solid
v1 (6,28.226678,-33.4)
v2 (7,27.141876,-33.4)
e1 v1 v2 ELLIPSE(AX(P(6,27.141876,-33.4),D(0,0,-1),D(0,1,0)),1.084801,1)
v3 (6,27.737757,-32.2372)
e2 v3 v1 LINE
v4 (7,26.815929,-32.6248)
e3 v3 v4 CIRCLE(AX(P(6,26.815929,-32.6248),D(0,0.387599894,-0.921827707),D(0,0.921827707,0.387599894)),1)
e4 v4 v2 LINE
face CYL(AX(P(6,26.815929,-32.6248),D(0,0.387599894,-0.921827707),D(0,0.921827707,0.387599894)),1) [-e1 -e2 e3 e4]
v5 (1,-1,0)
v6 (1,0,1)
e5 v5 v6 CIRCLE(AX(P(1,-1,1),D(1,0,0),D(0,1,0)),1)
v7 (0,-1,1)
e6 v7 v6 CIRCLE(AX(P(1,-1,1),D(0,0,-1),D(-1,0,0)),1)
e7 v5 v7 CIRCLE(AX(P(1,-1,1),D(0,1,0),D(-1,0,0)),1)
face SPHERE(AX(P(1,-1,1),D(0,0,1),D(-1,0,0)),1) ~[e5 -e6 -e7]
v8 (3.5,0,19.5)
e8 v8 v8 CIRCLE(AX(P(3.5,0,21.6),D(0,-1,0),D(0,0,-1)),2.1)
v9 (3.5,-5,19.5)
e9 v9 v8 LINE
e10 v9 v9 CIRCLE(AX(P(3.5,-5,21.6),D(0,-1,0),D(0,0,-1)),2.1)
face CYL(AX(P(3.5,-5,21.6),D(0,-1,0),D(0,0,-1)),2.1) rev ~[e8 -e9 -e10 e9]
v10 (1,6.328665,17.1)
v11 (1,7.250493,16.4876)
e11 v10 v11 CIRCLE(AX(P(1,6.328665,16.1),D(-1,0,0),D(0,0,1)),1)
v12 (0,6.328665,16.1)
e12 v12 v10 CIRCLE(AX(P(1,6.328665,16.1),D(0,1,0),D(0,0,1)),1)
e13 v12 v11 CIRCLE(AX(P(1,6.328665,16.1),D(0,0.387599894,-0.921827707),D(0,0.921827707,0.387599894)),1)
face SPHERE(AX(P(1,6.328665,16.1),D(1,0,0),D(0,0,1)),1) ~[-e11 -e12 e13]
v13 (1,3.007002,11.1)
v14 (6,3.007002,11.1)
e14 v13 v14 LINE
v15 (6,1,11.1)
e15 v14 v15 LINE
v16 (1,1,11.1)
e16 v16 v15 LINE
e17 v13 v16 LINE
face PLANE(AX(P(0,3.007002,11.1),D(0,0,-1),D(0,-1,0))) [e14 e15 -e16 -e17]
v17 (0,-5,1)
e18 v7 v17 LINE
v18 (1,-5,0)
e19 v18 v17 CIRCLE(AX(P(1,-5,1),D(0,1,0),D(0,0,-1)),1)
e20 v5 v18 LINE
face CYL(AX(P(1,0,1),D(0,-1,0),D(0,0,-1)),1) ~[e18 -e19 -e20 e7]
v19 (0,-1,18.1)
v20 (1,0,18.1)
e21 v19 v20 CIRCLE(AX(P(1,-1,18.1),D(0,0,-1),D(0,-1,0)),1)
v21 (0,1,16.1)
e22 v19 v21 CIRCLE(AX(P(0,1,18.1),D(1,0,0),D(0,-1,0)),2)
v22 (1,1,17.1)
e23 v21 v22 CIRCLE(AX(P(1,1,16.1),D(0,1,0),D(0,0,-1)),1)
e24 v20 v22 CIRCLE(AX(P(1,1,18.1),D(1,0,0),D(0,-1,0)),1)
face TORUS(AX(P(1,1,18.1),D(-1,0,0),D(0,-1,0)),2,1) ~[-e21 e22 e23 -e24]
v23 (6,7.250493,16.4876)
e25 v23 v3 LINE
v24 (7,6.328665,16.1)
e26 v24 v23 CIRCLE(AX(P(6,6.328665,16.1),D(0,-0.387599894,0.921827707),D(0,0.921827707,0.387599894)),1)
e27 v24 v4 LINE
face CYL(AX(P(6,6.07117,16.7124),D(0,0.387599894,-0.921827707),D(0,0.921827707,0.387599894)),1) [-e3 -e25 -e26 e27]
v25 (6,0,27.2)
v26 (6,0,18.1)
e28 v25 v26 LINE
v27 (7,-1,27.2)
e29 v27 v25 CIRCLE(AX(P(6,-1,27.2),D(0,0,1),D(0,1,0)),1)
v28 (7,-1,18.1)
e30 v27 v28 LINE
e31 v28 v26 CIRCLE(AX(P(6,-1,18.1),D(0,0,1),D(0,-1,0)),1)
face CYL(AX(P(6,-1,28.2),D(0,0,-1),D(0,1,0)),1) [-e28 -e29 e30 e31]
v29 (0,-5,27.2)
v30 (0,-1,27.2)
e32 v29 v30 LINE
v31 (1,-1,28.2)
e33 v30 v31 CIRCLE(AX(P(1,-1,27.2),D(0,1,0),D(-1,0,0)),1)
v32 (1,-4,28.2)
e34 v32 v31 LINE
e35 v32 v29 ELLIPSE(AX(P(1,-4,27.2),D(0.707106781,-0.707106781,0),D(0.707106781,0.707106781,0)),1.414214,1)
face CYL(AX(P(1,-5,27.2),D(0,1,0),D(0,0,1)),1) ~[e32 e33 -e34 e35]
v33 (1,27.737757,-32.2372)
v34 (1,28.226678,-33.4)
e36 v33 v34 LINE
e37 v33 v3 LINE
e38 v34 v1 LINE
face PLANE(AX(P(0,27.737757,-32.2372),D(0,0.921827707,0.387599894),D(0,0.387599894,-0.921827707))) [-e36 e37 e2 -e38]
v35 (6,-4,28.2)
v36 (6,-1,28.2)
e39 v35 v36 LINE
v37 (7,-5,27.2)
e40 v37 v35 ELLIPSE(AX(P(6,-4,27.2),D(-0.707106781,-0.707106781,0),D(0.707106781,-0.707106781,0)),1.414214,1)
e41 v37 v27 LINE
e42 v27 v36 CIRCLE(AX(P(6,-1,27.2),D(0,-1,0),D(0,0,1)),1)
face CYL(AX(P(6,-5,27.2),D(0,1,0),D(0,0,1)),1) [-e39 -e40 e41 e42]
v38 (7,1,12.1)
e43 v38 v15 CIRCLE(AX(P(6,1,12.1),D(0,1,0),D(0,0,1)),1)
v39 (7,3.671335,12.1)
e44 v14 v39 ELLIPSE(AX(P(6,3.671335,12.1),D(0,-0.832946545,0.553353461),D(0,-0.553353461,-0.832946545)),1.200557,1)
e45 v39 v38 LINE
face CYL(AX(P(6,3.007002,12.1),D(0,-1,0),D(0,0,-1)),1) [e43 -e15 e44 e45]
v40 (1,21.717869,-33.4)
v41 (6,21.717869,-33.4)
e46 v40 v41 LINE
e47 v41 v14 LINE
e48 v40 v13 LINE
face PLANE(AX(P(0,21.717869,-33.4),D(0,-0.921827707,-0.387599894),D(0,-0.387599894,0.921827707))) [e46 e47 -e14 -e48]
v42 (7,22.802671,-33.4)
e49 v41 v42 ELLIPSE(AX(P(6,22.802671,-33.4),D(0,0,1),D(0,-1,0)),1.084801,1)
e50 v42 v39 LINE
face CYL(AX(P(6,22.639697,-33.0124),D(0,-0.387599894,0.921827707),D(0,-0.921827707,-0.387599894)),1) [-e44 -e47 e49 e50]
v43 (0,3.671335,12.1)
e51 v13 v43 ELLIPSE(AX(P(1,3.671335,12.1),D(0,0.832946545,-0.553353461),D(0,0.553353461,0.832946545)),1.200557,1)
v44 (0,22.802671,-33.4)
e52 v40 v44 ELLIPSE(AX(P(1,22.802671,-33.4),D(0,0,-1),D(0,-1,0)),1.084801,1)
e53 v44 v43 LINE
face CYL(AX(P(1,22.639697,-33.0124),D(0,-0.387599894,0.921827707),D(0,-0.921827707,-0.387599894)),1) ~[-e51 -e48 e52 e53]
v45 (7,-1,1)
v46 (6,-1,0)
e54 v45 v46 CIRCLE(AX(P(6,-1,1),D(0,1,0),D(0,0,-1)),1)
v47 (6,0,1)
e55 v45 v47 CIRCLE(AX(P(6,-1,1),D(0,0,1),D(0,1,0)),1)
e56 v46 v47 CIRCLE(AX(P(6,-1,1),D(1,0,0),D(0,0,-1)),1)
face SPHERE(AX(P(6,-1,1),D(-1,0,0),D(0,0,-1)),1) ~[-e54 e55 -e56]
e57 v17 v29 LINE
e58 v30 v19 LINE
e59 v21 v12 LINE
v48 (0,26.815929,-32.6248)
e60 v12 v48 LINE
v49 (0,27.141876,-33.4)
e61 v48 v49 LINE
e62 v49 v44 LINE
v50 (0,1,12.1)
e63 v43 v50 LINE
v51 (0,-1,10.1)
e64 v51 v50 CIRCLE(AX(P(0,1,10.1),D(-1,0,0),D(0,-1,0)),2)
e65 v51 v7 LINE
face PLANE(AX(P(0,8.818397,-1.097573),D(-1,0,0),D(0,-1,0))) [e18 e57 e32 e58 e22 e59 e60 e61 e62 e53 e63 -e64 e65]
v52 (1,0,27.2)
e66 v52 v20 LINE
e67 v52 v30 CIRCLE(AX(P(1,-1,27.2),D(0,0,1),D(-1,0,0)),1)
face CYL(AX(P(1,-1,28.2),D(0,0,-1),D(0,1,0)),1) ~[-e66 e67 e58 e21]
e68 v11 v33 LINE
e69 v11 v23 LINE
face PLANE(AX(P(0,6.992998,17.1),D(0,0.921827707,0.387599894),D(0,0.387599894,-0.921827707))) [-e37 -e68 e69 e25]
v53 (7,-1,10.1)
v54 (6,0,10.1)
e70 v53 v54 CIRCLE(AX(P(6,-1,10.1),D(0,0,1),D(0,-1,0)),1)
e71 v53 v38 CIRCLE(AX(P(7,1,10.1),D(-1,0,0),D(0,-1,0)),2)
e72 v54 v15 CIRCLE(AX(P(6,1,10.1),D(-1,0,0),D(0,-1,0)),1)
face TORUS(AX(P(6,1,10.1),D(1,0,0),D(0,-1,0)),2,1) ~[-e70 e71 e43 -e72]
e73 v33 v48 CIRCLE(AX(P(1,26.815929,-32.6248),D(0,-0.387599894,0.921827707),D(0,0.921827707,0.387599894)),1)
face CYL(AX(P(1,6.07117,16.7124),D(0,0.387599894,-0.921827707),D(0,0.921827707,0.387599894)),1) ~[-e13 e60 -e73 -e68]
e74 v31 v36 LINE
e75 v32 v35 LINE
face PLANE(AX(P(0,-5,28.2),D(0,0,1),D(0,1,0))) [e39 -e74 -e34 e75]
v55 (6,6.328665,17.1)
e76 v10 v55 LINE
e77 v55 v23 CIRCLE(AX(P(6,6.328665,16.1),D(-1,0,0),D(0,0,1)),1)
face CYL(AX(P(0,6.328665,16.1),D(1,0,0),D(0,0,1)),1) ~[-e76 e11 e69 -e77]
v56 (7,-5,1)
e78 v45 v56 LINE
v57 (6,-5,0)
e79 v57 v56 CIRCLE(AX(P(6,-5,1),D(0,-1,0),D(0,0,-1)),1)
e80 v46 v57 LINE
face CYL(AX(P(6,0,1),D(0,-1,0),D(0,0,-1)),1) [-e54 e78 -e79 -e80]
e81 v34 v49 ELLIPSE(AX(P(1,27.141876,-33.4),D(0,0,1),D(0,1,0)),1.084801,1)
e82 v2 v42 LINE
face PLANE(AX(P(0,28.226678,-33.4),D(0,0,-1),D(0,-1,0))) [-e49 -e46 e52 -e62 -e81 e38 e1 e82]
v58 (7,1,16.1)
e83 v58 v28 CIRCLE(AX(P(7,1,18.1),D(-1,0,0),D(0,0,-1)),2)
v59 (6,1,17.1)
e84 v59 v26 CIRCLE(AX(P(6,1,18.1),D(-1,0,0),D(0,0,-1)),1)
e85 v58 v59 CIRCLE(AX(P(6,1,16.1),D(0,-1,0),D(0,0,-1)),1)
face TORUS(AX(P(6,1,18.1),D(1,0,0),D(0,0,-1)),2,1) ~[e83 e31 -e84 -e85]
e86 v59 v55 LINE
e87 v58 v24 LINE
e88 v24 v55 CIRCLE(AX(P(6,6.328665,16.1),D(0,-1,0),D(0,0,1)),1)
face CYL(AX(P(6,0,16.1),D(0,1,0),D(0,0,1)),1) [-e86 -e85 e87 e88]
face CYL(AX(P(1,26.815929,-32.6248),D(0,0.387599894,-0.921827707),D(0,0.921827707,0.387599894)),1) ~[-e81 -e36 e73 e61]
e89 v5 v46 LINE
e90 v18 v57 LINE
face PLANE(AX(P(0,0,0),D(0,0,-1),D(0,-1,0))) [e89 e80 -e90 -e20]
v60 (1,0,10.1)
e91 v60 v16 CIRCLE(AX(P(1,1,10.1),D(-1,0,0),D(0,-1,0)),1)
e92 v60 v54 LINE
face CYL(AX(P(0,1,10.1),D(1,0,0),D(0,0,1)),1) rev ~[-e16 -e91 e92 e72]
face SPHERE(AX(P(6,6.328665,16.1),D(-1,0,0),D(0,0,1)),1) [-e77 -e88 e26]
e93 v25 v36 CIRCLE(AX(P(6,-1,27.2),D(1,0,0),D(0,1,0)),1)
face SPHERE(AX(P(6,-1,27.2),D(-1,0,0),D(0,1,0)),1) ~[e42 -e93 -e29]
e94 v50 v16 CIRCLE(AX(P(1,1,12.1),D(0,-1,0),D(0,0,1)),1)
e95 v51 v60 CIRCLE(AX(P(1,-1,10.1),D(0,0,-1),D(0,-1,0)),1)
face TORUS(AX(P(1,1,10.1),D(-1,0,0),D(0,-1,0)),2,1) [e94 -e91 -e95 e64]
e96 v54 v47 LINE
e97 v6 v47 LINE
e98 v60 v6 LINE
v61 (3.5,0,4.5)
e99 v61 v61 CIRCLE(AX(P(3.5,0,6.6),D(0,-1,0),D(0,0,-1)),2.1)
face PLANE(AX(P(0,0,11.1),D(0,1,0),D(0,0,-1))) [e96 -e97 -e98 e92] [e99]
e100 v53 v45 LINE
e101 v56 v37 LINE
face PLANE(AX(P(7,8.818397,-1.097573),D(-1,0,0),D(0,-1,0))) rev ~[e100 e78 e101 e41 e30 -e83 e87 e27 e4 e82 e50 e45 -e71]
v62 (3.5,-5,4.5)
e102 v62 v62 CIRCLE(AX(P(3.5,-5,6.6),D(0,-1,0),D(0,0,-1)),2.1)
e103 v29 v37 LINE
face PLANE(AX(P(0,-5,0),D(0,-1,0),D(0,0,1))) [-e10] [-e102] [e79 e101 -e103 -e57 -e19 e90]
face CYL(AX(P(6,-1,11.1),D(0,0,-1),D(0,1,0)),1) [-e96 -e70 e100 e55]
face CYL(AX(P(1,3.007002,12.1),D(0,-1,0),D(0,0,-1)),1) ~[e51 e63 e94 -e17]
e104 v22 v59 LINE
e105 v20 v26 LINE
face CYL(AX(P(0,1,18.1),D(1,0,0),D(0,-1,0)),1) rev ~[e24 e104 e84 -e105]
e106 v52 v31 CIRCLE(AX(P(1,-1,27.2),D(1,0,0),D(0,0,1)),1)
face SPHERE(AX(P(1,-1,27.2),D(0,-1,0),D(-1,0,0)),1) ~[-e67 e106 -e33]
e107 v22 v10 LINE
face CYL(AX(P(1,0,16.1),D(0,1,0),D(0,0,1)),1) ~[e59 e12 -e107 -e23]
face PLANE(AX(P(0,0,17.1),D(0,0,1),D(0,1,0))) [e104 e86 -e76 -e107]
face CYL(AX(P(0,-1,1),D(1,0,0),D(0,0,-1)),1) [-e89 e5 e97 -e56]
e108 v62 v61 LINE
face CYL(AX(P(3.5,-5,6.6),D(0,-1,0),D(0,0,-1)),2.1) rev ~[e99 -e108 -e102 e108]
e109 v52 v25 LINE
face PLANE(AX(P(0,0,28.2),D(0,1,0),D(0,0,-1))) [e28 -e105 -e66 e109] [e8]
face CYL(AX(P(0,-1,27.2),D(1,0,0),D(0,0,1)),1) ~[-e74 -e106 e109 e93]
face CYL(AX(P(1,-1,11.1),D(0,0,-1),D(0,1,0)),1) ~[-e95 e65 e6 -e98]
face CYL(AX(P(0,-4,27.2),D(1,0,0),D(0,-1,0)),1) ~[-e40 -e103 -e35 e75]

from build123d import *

# Parameters (mm, degrees)
BOSS_EXTRUDE1_DEPTH = 7
FILLET1_R           = 1
SKETCH2_R           = 2.1
CUT_EXTRUDE1_DEPTH  = 7


with BuildPart() as part:
    # Sketch1 → Boss-Extrude1 (new body)
    with BuildSketch(Plane.YZ):
        Polygon((0, 0), (-5, 0), (-5, 28.2), (0, 28.2), (0, 17.1), (6.992997501, 17.1), (27.73775651, -32.237200317), (28.226677629, -33.4), (21.717869147, -33.4), (3.007002499, 11.1), (0, 11.1), align=None)
    extrude(amount=BOSS_EXTRUDE1_DEPTH)

    # Fillet1
    fillet1_edges = [part.edges().sort_by_distance(p)[0] for p in [
        (0, 0, 5.55),
        (0, -2.5, 0),
        (0, -2.5, 28.2),
        (0, 0, 22.65),
        (0, 3.49649875, 17.1),
        (0, 17.609837565, -8.15),
        (0, 12.362435823, -11.15),
        (0, 1.50350125, 11.1),
        (7, 17.609837565, -8.15),
        (3.5, 0, 11.1),
        (3.5, 0, 0),
        (3.5, -5, 28.2),
        (3.5, 0, 28.2),
        (3.5, 0, 17.1),
        (3.5, 6.992997501, 17.1),
        (7, 3.49649875, 17.1),
        (7, 0, 22.65),
        (7, -2.5, 28.2),
        (7, -2.5, 0),
        (7, 0, 5.55),
        (7, 1.50350125, 11.1),
        (7, 12.362435823, -11.15),
    ]]
    fillet(fillet1_edges, radius=FILLET1_R)

    # Sketch2 → Cut-Extrude1 (cut)
    with BuildSketch(Plane.XZ.offset(5)):
        with Locations(Location((3.5, 21.6, 0), (0, 0, 270))):
            Circle(SKETCH2_R)
        with Locations(Location((3.5, 6.6, 0), (0, 0, 270))):
            Circle(SKETCH2_R)
    extrude(amount=-CUT_EXTRUDE1_DEPTH, mode=Mode.SUBTRACT)


solid = part.part
